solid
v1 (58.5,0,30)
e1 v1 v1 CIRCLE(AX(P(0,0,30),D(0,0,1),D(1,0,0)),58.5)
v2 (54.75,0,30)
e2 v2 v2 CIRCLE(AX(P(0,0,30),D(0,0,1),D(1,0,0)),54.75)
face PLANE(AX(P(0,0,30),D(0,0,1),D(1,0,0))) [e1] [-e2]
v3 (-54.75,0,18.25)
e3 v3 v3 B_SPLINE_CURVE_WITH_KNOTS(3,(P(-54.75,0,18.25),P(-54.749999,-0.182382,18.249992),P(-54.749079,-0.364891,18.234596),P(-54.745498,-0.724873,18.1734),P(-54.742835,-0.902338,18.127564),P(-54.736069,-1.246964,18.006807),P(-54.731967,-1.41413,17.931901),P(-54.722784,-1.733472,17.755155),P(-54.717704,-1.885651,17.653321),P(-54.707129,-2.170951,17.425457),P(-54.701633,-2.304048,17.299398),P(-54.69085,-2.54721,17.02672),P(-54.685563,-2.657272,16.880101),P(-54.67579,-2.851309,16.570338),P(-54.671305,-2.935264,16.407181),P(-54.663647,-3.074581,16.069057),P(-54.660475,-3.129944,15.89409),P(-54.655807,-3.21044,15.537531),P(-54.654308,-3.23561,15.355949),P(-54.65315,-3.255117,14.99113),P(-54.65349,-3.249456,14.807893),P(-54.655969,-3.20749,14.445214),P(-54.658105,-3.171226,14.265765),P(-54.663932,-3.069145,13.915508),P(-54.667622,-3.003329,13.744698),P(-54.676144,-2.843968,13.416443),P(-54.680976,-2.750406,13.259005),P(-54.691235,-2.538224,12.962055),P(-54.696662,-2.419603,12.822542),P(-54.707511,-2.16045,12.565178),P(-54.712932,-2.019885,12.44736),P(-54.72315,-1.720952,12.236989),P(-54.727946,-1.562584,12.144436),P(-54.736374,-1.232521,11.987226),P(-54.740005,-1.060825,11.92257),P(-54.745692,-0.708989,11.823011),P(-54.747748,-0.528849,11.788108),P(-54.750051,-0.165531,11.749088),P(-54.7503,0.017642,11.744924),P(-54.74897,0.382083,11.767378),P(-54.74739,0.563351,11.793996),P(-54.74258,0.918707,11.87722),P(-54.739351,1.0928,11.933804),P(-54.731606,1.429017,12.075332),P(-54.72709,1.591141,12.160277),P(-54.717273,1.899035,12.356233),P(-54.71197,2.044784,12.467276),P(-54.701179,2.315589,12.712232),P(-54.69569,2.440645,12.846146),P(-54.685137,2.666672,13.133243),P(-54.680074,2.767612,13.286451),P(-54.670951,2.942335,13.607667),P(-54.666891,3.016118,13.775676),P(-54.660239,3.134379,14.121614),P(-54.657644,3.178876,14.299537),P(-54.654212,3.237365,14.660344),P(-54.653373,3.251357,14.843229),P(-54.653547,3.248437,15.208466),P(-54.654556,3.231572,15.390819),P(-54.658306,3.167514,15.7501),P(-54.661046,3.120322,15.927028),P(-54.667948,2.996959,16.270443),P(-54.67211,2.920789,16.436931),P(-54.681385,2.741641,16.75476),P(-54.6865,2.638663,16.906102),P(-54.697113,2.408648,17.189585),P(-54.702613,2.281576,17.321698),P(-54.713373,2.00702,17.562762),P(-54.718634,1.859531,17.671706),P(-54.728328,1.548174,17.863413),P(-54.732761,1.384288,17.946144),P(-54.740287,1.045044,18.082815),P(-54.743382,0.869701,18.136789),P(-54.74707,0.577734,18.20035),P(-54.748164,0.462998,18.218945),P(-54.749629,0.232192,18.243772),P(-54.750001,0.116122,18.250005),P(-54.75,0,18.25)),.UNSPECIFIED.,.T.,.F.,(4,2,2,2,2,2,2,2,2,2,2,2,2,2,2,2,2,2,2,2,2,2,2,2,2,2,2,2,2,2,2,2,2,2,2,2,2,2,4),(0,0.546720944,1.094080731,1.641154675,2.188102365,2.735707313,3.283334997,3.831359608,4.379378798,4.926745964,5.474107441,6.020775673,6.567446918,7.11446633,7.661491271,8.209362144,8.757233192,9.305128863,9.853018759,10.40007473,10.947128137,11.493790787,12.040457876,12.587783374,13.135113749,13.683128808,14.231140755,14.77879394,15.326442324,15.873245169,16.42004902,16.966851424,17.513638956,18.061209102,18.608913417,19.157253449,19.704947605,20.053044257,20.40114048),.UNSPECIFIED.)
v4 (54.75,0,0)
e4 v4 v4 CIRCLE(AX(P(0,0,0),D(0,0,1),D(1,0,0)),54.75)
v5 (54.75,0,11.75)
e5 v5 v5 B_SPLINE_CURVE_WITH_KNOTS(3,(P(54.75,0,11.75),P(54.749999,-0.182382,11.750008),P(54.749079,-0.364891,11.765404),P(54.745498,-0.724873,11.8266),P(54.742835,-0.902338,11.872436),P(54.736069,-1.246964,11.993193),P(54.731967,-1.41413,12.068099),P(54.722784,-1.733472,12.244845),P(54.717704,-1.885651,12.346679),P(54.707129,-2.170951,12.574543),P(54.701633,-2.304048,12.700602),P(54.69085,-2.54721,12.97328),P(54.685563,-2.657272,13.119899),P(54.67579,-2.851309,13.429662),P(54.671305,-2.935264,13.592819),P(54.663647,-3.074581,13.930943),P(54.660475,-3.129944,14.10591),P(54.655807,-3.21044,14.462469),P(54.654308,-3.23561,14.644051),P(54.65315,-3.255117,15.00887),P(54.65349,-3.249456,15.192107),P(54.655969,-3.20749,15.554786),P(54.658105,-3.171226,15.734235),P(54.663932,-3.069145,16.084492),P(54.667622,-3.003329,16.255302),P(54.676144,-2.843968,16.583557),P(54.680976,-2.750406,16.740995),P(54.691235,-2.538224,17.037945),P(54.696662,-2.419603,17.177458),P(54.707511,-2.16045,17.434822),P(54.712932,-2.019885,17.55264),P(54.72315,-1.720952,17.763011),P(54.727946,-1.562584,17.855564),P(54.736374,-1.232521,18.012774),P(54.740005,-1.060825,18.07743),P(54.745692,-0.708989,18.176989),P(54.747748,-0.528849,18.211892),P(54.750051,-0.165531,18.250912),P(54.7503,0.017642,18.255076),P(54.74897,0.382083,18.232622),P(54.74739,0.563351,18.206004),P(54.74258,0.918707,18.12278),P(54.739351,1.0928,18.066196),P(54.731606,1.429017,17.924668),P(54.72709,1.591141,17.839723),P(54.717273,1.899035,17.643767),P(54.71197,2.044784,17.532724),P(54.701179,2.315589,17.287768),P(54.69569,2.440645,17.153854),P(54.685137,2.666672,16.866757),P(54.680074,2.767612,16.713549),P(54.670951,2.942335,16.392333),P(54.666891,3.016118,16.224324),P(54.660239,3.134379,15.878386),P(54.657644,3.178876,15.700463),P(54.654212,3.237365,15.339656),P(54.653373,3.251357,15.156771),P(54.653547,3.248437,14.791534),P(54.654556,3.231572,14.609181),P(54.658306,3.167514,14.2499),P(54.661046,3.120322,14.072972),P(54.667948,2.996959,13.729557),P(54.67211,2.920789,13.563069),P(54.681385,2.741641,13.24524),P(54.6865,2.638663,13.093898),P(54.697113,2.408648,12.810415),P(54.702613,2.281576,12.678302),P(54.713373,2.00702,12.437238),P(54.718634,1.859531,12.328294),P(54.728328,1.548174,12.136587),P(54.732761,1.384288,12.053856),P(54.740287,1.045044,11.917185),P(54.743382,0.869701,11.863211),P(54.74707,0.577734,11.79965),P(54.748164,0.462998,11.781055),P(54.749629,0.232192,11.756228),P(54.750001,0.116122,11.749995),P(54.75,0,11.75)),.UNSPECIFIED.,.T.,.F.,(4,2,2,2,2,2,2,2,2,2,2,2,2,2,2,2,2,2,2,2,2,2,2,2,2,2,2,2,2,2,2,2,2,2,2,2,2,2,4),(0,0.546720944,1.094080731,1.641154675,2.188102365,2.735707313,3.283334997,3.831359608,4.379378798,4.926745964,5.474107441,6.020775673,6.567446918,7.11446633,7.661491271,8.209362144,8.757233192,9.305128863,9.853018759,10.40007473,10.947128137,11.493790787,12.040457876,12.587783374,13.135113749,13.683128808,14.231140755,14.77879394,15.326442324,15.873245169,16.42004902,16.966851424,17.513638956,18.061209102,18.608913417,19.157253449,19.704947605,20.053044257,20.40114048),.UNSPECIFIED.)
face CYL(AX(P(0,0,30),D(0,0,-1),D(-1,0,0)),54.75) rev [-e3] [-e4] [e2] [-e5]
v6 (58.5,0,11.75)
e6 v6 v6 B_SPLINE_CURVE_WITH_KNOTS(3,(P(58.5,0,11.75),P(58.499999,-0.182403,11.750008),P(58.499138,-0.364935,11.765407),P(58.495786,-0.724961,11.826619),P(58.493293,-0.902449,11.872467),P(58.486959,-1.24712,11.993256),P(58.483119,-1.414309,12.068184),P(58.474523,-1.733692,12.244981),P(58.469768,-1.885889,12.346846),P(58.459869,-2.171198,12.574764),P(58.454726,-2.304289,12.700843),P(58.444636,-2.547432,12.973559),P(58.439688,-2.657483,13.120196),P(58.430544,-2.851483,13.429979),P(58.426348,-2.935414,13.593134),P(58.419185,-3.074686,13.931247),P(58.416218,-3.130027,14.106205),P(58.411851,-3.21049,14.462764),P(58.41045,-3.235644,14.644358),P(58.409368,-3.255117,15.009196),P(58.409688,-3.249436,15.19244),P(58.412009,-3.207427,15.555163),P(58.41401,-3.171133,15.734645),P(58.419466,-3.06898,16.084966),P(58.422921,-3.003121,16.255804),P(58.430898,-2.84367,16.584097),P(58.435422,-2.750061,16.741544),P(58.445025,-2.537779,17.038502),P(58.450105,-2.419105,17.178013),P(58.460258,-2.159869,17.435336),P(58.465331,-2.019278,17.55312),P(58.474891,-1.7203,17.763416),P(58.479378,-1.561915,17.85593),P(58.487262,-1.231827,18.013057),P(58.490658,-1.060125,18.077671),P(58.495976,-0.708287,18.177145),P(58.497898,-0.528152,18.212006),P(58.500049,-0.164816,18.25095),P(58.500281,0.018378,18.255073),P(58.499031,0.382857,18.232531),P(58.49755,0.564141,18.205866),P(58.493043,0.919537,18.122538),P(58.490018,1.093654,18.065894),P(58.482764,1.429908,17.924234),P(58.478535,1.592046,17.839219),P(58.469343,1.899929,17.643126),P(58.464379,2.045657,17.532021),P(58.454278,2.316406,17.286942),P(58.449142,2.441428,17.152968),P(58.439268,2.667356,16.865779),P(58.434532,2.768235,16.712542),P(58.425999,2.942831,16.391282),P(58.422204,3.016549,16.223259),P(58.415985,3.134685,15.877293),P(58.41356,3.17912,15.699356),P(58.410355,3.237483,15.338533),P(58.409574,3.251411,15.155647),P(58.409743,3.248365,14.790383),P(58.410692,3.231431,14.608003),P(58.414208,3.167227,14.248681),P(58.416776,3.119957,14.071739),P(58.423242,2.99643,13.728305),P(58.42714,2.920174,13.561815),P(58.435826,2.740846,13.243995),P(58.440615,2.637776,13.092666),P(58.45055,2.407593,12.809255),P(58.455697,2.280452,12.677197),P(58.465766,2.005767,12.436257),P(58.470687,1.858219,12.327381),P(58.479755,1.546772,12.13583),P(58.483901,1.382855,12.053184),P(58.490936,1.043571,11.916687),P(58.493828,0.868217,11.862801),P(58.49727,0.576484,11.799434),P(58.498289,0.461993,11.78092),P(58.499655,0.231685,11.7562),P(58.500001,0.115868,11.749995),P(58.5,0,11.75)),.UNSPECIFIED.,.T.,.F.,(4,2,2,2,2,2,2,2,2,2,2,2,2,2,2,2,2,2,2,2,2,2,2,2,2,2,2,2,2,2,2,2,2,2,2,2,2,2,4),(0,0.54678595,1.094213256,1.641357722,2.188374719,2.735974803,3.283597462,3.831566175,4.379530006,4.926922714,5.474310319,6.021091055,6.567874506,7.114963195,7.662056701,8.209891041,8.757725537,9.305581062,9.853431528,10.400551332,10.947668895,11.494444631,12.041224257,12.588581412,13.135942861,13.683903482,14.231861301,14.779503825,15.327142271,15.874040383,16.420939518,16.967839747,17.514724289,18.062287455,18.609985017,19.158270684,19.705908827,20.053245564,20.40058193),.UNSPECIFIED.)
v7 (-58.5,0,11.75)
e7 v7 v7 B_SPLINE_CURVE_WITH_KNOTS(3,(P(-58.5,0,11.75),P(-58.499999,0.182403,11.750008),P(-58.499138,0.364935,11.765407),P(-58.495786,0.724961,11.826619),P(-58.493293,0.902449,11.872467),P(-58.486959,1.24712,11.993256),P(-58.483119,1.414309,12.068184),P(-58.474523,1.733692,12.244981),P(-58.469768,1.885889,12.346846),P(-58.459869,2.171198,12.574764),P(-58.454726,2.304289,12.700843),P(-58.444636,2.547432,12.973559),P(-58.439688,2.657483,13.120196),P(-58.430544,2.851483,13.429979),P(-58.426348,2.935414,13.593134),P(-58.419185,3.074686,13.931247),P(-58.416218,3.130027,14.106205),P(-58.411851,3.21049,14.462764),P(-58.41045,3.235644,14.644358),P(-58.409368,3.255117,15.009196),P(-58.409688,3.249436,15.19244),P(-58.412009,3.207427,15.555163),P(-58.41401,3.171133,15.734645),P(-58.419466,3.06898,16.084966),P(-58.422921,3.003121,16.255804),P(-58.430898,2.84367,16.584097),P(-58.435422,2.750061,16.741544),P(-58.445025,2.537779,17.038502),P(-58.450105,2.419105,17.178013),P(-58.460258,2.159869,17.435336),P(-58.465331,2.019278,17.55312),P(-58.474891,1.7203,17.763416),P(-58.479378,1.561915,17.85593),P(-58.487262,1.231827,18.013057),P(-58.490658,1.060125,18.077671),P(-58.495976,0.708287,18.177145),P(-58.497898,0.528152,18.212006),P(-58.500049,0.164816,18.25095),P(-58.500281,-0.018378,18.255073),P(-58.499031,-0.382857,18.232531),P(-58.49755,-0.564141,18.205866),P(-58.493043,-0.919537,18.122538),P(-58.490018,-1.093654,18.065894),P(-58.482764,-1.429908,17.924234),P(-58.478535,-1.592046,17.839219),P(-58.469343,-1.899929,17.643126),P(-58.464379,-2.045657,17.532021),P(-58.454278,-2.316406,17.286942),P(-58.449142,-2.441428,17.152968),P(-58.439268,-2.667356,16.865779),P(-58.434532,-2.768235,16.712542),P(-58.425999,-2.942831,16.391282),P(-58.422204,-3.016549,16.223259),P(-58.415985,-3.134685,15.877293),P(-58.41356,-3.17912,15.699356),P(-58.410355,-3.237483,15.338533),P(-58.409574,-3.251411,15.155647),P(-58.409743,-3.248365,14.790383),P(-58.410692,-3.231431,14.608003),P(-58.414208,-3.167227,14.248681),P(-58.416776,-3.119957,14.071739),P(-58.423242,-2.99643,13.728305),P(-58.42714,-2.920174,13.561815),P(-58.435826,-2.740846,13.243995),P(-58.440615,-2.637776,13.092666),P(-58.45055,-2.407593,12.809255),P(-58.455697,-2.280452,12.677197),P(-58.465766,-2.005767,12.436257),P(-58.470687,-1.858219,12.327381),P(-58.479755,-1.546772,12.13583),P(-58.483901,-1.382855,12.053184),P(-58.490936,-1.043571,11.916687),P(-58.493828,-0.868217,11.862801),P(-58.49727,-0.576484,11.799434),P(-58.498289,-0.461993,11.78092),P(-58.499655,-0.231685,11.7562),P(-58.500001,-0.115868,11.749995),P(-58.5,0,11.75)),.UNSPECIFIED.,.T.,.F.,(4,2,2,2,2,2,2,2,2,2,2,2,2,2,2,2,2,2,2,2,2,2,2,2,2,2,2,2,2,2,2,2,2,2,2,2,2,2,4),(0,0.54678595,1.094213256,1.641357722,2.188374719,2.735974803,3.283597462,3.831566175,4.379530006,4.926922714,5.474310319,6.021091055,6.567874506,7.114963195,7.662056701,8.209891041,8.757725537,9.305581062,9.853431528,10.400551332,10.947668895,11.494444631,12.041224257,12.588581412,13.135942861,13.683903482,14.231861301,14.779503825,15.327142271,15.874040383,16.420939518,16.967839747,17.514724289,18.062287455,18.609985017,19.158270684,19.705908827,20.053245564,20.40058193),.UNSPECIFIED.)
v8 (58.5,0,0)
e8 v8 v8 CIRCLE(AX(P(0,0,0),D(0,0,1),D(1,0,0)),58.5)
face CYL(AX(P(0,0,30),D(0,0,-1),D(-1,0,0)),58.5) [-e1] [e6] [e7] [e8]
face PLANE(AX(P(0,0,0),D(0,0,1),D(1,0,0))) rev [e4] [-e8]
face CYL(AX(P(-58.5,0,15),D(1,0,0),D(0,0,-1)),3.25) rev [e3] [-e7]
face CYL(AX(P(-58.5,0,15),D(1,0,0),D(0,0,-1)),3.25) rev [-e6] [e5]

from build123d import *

# Parameters (mm, degrees)
SKETCH1_R               = 58.5
SKETCH1_R_2             = 54.75
BOSS_EXTRUDE1_DEPTH     = 30
CUT_EXTRUDE1_DEPTH      = 89.002840863
CUT_EXTRUDE1_DEPTH_BACK = 89.002840863
SKETCH2_R               = 3.25


with BuildPart() as part:
    # Sketch1 → Boss-Extrude1 (new body)
    with BuildSketch(Plane.XY):
        Circle(SKETCH1_R)
        Circle(SKETCH1_R_2, mode=Mode.SUBTRACT)
    extrude(amount=BOSS_EXTRUDE1_DEPTH)

    # Sketch2 → Cut-Extrude1 (cut, two sides: drawn at the far end of the back side and taken through both)
    with BuildSketch(Plane(origin=(0, 0, 0), x_dir=(0, 0, -1), z_dir=(1, 0, 0)).offset(-CUT_EXTRUDE1_DEPTH_BACK)):
        with Locations((-15, 0)):
            Circle(SKETCH2_R)
    extrude(amount=CUT_EXTRUDE1_DEPTH + CUT_EXTRUDE1_DEPTH_BACK, mode=Mode.SUBTRACT)


solid = part.part
